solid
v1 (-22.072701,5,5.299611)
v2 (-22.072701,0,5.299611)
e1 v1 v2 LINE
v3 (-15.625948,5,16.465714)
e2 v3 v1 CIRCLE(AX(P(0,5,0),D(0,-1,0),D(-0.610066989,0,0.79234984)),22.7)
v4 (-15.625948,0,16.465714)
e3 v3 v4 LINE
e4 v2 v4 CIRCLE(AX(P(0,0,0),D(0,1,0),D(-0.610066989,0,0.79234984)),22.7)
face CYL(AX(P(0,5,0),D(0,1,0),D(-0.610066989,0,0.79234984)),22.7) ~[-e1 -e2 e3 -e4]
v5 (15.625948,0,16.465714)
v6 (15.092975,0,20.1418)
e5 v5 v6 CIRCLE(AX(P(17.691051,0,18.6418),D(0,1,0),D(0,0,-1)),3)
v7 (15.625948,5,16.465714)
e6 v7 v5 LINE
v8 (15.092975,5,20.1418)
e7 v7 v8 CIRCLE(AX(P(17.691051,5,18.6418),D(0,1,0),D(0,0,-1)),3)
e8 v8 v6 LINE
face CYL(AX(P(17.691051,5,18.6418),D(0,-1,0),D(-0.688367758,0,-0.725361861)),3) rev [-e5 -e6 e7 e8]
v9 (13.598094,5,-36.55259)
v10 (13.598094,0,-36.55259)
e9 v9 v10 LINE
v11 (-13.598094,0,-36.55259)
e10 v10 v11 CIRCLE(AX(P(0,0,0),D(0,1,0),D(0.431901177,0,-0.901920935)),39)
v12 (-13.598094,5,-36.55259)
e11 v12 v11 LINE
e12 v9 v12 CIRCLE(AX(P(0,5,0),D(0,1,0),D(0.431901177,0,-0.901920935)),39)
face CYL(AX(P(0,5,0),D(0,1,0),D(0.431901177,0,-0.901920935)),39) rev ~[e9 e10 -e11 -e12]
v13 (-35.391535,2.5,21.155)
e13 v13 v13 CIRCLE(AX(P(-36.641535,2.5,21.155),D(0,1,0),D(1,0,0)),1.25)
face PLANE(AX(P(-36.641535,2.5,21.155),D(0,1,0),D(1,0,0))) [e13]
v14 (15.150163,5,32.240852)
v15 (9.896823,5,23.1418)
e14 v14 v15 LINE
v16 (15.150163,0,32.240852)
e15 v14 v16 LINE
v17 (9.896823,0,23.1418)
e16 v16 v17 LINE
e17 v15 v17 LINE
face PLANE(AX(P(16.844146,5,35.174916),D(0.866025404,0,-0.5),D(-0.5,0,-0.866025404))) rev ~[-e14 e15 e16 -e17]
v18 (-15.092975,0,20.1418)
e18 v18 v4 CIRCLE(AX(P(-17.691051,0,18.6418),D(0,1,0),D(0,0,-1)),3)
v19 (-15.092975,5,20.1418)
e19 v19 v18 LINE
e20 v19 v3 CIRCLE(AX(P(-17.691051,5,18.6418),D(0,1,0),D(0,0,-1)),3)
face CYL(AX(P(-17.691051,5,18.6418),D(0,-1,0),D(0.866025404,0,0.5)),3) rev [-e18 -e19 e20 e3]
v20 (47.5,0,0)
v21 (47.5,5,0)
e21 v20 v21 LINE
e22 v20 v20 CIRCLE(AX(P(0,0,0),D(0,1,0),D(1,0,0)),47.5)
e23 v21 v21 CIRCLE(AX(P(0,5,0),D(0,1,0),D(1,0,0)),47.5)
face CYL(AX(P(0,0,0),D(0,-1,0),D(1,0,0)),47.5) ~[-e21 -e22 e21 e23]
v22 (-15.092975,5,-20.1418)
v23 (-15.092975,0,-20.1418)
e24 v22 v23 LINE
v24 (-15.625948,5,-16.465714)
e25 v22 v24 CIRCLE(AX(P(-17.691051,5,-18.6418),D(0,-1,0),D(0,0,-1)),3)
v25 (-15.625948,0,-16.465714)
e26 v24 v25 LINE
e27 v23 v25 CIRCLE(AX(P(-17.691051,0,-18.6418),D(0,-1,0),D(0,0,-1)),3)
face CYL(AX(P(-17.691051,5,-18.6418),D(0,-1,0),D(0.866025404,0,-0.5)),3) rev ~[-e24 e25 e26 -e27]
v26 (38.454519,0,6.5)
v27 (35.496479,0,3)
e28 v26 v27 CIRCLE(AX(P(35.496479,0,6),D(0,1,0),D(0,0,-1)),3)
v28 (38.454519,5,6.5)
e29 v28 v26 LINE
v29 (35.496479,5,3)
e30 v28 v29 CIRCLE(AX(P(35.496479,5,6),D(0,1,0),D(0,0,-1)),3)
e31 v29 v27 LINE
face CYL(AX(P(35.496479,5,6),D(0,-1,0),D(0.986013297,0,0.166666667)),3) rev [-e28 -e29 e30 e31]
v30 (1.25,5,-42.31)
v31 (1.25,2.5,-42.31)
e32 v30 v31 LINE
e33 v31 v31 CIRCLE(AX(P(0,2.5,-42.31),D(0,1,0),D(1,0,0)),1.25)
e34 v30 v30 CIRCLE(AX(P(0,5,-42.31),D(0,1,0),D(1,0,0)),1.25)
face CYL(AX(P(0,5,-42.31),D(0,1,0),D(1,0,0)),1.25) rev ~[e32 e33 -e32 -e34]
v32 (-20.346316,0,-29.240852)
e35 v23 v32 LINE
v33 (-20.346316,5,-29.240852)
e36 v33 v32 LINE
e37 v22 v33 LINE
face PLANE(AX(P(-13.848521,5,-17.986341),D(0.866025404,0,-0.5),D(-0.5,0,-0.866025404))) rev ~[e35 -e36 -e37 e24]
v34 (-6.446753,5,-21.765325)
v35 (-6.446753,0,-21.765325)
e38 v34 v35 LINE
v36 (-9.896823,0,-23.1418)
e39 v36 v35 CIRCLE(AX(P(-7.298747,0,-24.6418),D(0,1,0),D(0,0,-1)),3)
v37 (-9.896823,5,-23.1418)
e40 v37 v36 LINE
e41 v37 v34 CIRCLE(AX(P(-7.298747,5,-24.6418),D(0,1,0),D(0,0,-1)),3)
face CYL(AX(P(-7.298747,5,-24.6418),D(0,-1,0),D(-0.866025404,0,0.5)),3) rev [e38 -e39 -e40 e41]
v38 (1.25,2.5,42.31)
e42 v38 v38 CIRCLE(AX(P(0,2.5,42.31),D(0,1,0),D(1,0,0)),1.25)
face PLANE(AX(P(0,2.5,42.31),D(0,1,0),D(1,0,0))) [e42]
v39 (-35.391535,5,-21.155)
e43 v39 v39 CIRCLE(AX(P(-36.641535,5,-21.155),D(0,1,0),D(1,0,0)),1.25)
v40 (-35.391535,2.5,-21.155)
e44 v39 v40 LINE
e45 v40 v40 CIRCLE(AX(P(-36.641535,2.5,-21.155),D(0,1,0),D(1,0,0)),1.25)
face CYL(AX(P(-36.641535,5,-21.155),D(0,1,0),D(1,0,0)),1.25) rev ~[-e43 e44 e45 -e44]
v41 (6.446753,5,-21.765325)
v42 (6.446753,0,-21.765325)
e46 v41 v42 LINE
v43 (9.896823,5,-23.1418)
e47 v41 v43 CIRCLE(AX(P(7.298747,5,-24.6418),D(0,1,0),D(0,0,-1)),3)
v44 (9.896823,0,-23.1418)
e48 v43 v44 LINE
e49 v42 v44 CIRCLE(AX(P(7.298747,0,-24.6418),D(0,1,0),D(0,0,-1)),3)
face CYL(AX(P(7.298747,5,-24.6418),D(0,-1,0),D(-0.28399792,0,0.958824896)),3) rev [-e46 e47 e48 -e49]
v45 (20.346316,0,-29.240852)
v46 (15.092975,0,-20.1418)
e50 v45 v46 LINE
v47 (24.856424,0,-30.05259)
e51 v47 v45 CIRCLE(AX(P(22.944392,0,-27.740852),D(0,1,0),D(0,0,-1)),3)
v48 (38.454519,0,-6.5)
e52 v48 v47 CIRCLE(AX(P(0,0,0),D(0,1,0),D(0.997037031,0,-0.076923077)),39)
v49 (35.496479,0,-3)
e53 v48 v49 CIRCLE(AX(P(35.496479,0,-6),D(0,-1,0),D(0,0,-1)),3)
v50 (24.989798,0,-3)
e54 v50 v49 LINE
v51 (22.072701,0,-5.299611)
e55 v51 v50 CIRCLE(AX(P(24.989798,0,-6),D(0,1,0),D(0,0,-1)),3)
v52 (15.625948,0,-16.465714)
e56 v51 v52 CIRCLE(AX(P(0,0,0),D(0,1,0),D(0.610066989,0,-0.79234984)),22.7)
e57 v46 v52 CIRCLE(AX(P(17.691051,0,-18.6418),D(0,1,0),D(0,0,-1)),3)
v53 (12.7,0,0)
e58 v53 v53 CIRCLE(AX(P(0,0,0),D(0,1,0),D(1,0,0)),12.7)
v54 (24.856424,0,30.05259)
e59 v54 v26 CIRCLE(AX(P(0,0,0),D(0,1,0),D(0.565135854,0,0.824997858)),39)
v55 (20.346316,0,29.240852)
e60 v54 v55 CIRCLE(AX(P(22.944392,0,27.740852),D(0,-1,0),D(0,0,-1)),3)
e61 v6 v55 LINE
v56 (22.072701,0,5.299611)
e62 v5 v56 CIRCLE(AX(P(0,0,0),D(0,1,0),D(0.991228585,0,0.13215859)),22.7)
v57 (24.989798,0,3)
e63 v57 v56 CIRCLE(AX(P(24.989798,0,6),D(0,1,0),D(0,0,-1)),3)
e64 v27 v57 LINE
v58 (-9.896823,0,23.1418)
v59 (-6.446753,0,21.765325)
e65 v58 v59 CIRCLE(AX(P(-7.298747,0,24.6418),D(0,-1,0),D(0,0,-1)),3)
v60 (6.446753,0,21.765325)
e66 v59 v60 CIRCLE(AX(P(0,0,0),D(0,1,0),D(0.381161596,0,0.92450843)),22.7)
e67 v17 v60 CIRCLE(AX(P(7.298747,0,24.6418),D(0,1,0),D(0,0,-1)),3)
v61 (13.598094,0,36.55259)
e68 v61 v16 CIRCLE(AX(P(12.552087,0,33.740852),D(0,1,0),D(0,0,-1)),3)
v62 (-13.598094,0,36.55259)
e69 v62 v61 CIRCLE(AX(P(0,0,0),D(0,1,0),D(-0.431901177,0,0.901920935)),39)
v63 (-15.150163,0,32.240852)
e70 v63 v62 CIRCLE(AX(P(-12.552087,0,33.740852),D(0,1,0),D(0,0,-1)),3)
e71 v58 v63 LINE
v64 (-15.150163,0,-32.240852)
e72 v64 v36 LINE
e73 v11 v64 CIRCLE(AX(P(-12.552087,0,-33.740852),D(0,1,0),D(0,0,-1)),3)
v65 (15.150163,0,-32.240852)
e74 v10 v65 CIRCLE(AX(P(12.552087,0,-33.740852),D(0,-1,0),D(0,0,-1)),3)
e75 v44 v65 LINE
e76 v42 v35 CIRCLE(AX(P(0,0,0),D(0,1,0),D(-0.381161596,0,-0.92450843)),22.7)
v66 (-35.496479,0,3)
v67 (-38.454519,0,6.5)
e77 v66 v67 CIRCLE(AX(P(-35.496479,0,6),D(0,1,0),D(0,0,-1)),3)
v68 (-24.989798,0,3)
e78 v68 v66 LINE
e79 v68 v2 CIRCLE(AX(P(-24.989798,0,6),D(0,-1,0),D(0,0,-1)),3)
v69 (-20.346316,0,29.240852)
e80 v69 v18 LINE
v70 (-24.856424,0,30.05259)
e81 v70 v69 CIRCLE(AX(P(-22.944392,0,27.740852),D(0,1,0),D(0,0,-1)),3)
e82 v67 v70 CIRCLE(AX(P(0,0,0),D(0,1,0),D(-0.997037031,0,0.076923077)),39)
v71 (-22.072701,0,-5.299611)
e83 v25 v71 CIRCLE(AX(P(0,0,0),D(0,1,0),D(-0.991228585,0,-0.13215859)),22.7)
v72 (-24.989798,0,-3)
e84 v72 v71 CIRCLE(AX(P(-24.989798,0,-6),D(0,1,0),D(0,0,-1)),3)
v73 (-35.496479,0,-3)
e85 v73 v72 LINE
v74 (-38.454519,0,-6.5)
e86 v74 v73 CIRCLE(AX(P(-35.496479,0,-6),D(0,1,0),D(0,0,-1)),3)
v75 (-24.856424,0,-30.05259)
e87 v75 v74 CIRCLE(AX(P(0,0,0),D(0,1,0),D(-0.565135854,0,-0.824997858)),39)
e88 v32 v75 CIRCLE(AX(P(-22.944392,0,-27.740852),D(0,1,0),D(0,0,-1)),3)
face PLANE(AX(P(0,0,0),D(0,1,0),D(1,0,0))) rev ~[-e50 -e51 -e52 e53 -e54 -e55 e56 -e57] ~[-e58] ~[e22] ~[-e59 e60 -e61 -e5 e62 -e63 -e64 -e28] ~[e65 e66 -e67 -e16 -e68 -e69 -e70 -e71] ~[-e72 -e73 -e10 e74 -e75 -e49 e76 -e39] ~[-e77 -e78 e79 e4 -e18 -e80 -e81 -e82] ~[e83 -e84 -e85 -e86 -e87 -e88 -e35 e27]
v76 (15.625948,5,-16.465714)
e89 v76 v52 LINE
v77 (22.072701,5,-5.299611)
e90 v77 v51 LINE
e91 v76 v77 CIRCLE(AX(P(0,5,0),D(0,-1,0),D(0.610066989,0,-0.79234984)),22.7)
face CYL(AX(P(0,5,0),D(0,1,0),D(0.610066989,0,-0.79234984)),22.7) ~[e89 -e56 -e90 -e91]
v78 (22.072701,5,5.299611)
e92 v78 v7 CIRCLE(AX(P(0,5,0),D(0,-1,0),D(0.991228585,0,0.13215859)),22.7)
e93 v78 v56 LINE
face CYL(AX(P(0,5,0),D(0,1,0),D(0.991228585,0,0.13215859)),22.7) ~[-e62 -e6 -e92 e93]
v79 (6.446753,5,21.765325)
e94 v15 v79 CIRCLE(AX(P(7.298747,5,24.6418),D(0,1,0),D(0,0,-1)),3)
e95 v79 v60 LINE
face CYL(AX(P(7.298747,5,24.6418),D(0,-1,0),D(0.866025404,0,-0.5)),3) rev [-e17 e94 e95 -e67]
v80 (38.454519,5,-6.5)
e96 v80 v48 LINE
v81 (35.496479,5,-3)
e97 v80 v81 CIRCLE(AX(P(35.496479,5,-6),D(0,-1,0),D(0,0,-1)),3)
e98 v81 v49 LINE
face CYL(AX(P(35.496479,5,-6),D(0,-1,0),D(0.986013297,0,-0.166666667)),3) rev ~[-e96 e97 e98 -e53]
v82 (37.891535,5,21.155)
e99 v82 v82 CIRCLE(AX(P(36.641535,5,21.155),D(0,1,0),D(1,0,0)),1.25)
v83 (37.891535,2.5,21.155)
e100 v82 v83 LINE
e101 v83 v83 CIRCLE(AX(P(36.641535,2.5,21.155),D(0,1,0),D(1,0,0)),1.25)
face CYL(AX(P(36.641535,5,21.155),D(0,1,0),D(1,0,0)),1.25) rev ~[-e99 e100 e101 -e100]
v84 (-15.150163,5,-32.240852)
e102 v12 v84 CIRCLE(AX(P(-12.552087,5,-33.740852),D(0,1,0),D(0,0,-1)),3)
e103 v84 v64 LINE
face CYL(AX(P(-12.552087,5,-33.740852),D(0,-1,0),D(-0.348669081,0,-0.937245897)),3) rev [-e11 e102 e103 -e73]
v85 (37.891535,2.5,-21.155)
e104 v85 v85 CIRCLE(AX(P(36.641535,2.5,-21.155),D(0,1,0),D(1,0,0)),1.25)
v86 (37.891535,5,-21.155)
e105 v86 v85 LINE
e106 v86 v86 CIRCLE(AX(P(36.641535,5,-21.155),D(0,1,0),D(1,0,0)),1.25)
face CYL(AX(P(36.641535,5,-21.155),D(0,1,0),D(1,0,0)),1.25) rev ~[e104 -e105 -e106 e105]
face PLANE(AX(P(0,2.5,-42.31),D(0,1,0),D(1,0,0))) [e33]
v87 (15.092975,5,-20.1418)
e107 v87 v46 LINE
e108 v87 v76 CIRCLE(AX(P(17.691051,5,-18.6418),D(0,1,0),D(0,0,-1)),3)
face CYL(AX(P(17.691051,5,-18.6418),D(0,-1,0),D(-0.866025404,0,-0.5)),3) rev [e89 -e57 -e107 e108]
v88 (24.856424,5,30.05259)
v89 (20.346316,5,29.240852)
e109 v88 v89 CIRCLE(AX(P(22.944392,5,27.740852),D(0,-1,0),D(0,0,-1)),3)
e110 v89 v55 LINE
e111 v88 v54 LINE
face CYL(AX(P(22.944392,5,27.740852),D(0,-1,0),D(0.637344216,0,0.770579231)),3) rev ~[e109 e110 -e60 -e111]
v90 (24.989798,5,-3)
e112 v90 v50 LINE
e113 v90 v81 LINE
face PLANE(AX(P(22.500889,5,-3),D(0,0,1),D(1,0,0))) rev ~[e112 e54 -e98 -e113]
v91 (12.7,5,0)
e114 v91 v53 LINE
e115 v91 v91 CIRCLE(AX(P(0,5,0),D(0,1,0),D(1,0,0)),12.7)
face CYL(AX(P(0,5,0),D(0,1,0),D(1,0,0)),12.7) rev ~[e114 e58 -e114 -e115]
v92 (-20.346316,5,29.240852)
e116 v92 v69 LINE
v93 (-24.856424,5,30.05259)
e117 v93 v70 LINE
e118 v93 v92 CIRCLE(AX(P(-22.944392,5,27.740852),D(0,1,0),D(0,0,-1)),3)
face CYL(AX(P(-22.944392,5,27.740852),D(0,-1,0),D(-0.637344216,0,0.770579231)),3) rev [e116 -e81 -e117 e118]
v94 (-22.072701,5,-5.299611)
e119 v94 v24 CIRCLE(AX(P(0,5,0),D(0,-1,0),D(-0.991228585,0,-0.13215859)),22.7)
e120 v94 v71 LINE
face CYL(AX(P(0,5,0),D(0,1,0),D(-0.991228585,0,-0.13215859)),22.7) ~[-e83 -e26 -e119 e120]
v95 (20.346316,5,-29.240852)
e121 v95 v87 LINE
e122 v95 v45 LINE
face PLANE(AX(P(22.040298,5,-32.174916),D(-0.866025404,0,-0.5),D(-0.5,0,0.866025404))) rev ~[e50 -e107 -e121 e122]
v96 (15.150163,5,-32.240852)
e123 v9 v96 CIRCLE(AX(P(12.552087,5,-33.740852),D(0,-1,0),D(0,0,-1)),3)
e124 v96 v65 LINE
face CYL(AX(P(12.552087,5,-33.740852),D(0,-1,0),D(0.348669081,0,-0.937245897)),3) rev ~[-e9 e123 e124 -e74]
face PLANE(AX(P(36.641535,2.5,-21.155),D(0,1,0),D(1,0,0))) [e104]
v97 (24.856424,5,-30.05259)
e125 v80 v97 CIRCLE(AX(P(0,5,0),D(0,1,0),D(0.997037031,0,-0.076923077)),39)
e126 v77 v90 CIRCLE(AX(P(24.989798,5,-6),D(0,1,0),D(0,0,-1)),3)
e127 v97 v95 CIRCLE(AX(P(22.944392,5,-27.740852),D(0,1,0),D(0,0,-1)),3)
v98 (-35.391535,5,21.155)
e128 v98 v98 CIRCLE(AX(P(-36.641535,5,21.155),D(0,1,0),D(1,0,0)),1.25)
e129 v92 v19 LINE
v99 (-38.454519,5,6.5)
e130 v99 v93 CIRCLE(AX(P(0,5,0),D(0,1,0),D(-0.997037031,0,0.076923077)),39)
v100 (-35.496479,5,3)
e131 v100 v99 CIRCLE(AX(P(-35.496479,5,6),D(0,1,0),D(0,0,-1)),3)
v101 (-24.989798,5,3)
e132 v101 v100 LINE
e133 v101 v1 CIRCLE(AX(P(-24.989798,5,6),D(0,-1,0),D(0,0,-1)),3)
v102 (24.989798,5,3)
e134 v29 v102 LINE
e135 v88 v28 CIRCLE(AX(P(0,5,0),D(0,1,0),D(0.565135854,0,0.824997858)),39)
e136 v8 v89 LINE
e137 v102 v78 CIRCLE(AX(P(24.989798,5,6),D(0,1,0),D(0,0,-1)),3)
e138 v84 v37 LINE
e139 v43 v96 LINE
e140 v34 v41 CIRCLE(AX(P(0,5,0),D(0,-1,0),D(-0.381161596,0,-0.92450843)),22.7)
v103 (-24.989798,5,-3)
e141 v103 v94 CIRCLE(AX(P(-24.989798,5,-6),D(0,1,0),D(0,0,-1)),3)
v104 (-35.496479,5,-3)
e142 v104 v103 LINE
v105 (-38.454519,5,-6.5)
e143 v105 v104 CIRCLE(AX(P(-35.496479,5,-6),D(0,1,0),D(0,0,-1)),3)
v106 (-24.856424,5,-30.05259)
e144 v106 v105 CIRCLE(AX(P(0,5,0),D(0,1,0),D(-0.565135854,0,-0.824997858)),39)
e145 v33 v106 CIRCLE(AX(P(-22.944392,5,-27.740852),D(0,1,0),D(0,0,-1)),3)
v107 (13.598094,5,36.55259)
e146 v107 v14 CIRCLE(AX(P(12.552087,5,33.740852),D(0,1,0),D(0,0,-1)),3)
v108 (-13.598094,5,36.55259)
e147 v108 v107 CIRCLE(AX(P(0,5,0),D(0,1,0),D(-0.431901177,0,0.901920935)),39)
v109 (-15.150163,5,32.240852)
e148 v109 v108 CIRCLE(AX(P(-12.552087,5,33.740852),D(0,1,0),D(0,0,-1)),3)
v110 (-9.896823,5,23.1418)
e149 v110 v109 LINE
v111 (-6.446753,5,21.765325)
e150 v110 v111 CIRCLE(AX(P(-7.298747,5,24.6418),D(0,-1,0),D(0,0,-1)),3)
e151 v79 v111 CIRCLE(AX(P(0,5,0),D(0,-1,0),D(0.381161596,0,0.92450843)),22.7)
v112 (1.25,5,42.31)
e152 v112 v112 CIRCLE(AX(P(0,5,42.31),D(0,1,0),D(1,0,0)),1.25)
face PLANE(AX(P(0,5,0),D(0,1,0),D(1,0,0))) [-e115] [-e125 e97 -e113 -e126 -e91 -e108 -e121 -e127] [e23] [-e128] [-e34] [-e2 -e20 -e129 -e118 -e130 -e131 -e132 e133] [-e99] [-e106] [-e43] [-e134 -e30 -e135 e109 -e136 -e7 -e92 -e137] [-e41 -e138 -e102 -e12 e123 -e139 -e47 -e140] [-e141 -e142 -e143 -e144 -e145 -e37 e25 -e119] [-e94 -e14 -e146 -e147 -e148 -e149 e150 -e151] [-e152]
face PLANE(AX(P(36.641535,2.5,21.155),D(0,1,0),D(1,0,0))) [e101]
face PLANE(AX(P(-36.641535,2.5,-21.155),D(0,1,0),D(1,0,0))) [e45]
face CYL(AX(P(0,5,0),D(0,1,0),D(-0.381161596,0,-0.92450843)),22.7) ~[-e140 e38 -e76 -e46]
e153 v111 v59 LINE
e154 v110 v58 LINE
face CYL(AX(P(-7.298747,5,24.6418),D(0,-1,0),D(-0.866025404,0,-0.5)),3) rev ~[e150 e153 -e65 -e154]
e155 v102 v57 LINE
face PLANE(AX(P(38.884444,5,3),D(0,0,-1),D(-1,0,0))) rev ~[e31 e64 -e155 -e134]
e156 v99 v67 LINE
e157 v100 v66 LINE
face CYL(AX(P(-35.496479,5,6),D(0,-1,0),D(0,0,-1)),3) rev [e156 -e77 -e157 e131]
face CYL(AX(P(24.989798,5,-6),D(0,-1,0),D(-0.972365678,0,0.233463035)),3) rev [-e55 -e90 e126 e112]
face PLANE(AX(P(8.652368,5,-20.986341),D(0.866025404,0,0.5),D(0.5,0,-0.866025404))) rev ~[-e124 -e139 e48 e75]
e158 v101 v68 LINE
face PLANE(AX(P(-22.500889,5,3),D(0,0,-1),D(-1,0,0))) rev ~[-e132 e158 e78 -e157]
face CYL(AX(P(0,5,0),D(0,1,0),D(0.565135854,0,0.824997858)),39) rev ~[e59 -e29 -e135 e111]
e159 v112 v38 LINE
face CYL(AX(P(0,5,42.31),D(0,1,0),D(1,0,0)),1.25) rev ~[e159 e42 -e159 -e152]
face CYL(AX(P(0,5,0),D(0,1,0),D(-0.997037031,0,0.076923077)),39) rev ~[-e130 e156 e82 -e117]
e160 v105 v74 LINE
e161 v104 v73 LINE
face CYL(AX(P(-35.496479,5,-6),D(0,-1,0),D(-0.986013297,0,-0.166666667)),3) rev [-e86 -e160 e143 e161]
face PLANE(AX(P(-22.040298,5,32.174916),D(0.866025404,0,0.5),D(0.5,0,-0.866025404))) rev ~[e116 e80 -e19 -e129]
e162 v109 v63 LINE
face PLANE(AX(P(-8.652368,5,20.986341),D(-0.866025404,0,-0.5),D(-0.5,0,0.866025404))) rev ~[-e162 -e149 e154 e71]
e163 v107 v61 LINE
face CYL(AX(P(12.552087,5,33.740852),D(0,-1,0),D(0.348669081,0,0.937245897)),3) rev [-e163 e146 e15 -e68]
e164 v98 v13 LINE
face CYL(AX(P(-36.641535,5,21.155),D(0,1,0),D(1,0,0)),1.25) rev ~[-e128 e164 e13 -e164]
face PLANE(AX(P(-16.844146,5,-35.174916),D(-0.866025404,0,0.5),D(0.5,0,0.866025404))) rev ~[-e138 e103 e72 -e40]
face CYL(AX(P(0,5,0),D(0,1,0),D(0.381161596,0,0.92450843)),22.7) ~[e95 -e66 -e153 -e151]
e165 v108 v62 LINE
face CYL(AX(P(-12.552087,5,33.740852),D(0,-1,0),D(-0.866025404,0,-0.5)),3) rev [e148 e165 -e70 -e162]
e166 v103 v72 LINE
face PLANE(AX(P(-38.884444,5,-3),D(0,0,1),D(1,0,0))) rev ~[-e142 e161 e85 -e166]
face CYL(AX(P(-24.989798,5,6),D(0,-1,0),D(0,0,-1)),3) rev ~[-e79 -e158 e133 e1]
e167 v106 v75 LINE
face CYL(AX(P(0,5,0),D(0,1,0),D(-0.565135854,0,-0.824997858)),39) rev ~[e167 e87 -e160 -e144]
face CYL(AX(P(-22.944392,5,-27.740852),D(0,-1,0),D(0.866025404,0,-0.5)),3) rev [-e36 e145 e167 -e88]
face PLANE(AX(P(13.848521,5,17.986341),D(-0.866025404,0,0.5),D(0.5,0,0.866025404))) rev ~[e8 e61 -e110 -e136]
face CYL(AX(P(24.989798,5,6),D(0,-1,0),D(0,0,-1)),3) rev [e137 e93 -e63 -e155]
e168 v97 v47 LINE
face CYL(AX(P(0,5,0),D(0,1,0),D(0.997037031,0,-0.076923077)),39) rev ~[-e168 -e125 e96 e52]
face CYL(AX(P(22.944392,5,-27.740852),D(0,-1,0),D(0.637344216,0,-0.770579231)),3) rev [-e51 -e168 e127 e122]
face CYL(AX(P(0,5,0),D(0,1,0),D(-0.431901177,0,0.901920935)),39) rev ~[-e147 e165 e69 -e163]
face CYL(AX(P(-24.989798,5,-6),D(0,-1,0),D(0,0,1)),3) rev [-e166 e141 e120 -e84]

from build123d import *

# Parameters (mm, degrees)
SKETCH1_R           = 47.5
BOSS_EXTRUDE1_DEPTH = 5
SKETCH2_R           = 12.7
CUT_EXTRUDE1_DEPTH  = 6
SKETCH3_R           = 1.25
CUT_EXTRUDE2_DEPTH  = 2.5
CUT_EXTRUDE3_DEPTH  = 6
FILLET1_R           = 3


with BuildPart() as part:
    # Sketch1 → Boss-Extrude1 (new body)
    with BuildSketch(Plane(origin=(0, 0, 0), x_dir=(1, 0, 0), z_dir=(0, 1, 0))):
        Circle(SKETCH1_R)
    extrude(amount=BOSS_EXTRUDE1_DEPTH)

    # Sketch2 → Cut-Extrude1 (cut, through all)
    with BuildSketch(Plane(origin=(0, 5, 0), x_dir=(1, 0, 0), z_dir=(0, 1, 0))):
        Circle(SKETCH2_R)
    extrude(amount=-CUT_EXTRUDE1_DEPTH, mode=Mode.SUBTRACT)

    # Sketch3 → Cut-Extrude2 (cut)
    with BuildSketch(Plane(origin=(0, 5, 0), x_dir=(1, 0, 0), z_dir=(0, 1, 0))):
        with Locations((0, 42.31)):
            Circle(SKETCH3_R)
        with Locations((36.641534834, 21.155)):
            Circle(SKETCH3_R)
        with Locations((36.641534834, -21.155)):
            Circle(SKETCH3_R)
        with Locations((0, -42.31)):
            Circle(SKETCH3_R)
        with Locations((-36.641534834, -21.155)):
            Circle(SKETCH3_R)
        with Locations((-36.641534834, 21.155)):
            Circle(SKETCH3_R)
    extrude(amount=-CUT_EXTRUDE2_DEPTH, mode=Mode.SUBTRACT)

    # Sketch4 → Cut-Extrude3 (cut, through all)
    with BuildSketch(Plane(origin=(0, 5, 0), x_dir=(1, 0, 0), z_dir=(0, 1, 0))):
        with BuildLine():
            Line((-13.848520647, 17.98634137), (-22.040298307, 32.174916481))
            ThreePointArc((-22.040298307, 32.174916481), (-33.774990748, 19.5), (-38.88444419, 3))
            Line((-38.88444419, 3), (-22.500888871, 3))
            ThreePointArc((-22.500888871, 3), (-19.658776666, 11.35), (-13.848520647, 17.98634137))
        make_face()
        with BuildLine():
            ThreePointArc((16.844145884, 35.174916481), (0, 39), (-16.844145884, 35.174916481))
            Line((-16.844145884, 35.174916481), (-8.652368224, 20.98634137))
            ThreePointArc((-8.652368224, 20.98634137), (0, 22.7), (8.652368224, 20.98634137))
            Line((8.652368224, 20.98634137), (16.844145884, 35.174916481))
        make_face()
        with BuildLine():
            ThreePointArc((38.88444419, 3), (33.774990748, 19.5), (22.040298307, 32.174916481))
            Line((22.040298307, 32.174916481), (13.848520647, 17.98634137))
            ThreePointArc((13.848520647, 17.98634137), (19.658776666, 11.35), (22.500888871, 3))
            Line((22.500888871, 3), (38.88444419, 3))
        make_face()
        with BuildLine():
            ThreePointArc((22.040298307, -32.174916481), (33.774990748, -19.5), (38.88444419, -3))
            Line((38.88444419, -3), (22.500888871, -3))
            ThreePointArc((22.500888871, -3), (19.658776666, -11.35), (13.848520647, -17.98634137))
            Line((13.848520647, -17.98634137), (22.040298307, -32.174916481))
        make_face()
        with BuildLine():
            Line((-8.652368224, -20.98634137), (-16.844145884, -35.174916481))
            ThreePointArc((-16.844145884, -35.174916481), (0, -39), (16.844145884, -35.174916481))
            Line((16.844145884, -35.174916481), (8.652368224, -20.98634137))
            ThreePointArc((8.652368224, -20.98634137), (0, -22.7), (-8.652368224, -20.98634137))
        make_face()
        with BuildLine():
            Line((-22.500888871, -3), (-38.88444419, -3))
            ThreePointArc((-38.88444419, -3), (-33.774990748, -19.5), (-22.040298307, -32.174916481))
            Line((-22.040298307, -32.174916481), (-13.848520647, -17.98634137))
            ThreePointArc((-13.848520647, -17.98634137), (-19.658776666, -11.35), (-22.500888871, -3))
        make_face()
    extrude(amount=-CUT_EXTRUDE3_DEPTH, mode=Mode.SUBTRACT)

    # Fillet1
    fillet1_edges = [part.edges().sort_by_distance(p)[0] for p in [
        (22.500888871, 2.5, -3),
        (13.848520647, 2.5, -17.98634137),
        (22.040298307, 2.5, -32.174916481),
        (38.88444419, 2.5, -3),
        (8.652368224, 2.5, -20.98634137),
        (-8.652368224, 2.5, -20.98634137),
        (-16.844145884, 2.5, -35.174916481),
        (16.844145884, 2.5, -35.174916481),
        (-8.652368224, 2.5, 20.98634137),
        (8.652368224, 2.5, 20.98634137),
        (16.844145884, 2.5, 35.174916481),
        (-16.844145884, 2.5, 35.174916481),
        (13.848520647, 2.5, 17.98634137),
        (22.500888871, 2.5, 3),
        (38.88444419, 2.5, 3),
        (22.040298307, 2.5, 32.174916481),
        (-22.500888871, 2.5, 3),
        (-13.848520647, 2.5, 17.98634137),
        (-22.040298307, 2.5, 32.174916481),
        (-38.88444419, 2.5, 3),
        (-13.848520647, 2.5, -17.98634137),
        (-22.500888871, 2.5, -3),
        (-38.88444419, 2.5, -3),
        (-22.040298307, 2.5, -32.174916481),
    ]]
    fillet(fillet1_edges, radius=FILLET1_R)


solid = part.part
